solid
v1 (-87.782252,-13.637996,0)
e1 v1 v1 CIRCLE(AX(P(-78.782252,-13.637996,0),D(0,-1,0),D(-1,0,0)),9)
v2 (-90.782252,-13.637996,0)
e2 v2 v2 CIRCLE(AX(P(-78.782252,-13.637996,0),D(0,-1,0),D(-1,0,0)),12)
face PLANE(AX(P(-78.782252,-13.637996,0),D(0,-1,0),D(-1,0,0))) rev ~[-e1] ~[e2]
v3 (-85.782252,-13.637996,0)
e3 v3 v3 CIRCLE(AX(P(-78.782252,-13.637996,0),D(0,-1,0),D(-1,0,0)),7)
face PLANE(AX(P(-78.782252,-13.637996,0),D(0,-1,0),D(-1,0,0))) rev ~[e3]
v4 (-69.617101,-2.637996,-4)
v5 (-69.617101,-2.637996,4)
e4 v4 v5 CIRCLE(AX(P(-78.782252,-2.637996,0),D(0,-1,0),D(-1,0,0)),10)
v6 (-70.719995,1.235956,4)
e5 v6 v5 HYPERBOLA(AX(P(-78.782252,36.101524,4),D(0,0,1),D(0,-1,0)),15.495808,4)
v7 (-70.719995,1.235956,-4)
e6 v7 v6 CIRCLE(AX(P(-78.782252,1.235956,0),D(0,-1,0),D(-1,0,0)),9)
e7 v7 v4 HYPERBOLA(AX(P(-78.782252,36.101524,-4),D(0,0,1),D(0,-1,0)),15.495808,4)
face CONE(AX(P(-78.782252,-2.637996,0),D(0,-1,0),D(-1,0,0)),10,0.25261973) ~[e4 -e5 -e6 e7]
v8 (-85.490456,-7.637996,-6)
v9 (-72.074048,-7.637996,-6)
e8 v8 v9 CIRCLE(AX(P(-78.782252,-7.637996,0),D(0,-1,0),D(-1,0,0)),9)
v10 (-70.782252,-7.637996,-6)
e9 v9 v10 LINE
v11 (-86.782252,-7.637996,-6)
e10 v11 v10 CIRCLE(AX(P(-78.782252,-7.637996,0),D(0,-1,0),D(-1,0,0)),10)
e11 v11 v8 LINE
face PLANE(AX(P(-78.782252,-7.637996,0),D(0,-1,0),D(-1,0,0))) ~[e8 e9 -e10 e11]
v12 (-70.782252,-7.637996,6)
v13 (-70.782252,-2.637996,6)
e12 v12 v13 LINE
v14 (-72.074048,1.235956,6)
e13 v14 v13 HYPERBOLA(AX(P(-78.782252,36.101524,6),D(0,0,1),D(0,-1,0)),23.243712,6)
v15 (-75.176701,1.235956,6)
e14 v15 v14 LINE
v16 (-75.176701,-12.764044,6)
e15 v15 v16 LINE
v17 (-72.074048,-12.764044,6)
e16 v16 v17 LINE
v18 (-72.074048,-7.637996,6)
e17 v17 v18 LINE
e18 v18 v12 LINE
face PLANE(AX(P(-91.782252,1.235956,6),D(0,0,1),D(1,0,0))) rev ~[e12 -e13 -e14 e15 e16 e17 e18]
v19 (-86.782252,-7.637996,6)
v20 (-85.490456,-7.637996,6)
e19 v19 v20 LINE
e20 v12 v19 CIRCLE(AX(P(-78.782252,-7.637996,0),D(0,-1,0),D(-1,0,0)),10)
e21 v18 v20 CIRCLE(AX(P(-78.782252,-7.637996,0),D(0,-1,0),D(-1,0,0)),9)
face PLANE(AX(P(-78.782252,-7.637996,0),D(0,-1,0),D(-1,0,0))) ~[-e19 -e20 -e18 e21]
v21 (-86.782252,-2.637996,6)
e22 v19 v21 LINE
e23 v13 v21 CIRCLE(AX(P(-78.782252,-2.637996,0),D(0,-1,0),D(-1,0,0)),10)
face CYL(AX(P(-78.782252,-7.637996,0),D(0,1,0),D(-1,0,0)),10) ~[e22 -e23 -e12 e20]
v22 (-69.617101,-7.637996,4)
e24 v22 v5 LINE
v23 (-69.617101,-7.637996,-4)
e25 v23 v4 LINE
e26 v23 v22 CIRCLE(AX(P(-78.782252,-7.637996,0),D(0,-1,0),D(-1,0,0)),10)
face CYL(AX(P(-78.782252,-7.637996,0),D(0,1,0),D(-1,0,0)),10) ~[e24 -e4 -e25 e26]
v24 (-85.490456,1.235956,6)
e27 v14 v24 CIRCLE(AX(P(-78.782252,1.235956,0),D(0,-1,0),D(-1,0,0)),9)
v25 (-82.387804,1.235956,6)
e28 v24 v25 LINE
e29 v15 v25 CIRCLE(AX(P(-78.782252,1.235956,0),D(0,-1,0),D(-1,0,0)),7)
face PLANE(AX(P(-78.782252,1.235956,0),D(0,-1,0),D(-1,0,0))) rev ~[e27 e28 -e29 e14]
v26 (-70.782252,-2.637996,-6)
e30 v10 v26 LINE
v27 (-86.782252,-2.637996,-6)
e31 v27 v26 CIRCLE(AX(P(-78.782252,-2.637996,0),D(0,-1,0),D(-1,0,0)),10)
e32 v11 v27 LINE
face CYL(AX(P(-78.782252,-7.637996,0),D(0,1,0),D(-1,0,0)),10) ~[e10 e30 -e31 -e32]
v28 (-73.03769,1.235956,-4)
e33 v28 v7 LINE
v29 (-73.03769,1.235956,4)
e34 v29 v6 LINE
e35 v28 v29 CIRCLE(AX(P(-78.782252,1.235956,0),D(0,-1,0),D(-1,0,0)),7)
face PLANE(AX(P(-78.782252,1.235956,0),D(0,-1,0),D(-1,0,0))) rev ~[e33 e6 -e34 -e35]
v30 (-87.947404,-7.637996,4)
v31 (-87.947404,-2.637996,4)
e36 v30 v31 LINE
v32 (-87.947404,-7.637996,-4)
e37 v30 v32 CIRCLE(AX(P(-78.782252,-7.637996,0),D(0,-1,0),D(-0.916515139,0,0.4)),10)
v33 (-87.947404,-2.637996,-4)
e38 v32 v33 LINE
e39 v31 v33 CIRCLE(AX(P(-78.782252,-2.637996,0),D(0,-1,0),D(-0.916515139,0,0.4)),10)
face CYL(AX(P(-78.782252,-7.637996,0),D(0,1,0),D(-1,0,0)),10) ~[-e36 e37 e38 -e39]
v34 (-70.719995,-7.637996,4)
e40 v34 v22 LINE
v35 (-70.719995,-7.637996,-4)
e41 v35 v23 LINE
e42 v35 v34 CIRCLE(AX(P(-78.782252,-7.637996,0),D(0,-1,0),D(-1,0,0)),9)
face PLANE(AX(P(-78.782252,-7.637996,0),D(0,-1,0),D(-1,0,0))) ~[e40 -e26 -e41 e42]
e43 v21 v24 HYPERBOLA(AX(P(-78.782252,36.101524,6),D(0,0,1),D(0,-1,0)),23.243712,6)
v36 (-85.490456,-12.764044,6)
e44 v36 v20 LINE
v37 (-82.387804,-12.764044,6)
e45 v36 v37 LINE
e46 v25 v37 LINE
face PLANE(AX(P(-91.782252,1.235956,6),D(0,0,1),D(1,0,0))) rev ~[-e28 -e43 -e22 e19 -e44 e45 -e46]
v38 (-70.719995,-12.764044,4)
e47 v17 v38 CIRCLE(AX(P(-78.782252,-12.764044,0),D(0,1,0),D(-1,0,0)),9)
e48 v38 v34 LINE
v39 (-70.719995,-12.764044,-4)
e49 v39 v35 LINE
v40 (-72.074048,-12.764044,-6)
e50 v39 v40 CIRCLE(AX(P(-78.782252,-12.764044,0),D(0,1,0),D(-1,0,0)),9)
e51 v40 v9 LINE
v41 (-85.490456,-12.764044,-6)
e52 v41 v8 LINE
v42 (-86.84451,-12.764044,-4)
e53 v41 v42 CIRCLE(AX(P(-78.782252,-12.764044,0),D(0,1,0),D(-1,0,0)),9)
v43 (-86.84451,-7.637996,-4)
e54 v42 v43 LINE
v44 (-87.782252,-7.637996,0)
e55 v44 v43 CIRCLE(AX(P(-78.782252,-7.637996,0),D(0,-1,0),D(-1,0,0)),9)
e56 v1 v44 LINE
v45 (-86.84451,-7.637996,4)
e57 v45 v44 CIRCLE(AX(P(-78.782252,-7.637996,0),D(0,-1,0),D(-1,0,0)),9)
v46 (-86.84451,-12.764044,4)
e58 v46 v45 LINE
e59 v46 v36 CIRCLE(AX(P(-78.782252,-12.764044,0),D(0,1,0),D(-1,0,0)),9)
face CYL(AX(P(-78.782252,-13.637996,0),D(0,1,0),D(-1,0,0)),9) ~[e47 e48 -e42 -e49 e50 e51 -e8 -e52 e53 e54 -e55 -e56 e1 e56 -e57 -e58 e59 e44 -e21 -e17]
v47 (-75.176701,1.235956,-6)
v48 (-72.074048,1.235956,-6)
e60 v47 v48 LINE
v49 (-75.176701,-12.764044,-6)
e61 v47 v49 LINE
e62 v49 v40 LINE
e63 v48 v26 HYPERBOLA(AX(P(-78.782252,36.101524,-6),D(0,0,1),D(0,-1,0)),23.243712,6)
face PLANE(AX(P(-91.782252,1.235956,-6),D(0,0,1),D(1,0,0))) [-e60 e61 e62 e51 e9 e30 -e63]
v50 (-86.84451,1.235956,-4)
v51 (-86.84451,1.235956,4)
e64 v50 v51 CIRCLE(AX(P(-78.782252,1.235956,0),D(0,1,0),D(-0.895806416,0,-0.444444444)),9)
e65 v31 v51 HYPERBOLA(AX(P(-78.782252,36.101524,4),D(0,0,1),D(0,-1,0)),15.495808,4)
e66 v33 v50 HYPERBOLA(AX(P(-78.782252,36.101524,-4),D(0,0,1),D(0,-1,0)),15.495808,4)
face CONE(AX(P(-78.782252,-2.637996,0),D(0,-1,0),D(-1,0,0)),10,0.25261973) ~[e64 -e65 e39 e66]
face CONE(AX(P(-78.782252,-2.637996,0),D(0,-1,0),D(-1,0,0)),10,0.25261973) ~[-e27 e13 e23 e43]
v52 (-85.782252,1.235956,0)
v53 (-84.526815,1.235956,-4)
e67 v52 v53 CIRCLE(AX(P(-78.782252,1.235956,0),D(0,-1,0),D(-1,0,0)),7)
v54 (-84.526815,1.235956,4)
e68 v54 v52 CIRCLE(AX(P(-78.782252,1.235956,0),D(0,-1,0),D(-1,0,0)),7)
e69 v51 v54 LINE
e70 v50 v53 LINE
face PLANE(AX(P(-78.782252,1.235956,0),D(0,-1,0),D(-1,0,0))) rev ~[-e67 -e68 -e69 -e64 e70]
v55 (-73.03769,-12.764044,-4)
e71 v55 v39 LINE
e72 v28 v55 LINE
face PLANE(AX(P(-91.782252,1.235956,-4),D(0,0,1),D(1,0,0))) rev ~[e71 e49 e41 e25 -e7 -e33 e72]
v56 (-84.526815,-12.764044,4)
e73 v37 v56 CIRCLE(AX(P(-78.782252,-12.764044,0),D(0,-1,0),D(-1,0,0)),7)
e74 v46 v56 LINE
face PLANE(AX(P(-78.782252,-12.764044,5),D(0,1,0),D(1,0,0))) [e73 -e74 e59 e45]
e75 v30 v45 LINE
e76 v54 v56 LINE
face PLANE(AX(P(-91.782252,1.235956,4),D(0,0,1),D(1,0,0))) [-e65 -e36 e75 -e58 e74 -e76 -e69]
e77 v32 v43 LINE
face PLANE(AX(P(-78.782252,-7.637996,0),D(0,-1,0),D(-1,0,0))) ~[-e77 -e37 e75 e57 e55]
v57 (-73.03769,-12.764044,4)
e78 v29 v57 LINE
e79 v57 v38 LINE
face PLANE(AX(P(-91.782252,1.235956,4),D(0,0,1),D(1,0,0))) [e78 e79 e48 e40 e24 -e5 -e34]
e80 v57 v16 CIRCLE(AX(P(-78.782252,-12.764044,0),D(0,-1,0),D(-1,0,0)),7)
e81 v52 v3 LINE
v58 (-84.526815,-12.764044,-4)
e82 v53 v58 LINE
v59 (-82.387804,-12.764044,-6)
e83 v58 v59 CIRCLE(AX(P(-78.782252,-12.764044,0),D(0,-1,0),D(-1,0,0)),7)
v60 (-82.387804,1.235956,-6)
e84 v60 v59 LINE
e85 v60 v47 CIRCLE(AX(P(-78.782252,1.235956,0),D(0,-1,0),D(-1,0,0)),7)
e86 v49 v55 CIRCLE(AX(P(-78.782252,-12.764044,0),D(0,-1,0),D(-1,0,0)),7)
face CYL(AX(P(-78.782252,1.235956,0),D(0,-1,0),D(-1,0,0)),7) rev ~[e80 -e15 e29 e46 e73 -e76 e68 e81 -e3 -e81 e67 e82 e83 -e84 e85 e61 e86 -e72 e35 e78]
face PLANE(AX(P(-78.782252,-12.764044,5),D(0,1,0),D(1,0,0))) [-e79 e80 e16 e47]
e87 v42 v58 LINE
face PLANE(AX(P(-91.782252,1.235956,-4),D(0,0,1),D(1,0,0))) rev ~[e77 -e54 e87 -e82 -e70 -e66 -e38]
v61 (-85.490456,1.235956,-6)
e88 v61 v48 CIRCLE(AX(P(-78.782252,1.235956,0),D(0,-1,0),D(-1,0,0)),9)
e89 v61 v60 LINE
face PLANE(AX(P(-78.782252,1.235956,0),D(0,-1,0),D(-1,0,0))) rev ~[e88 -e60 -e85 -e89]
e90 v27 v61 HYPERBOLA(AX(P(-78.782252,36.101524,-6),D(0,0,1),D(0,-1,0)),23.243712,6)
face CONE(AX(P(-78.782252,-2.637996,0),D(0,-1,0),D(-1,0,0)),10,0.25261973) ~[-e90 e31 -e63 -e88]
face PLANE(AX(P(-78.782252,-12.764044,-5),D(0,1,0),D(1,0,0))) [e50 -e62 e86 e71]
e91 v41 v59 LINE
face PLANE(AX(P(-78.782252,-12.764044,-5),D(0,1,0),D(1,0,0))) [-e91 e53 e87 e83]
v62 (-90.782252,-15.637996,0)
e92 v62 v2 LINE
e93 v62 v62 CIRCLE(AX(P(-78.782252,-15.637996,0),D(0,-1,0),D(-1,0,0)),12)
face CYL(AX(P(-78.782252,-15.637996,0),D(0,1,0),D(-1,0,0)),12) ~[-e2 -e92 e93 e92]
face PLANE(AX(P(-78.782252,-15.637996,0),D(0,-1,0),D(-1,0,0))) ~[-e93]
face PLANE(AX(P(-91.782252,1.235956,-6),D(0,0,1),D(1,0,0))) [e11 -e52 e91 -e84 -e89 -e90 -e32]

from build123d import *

# Parameters (mm, degrees)
CROQUIS2_W            = 26
CROQUIS2_H            = 2
CORTAR_EXTRUIR1_DEPTH = 14


with BuildPart() as part:
    # Croquis1 → Revolución1 (revolve)
    with BuildSketch(Plane.XY):
        Polygon((-78.782252338, -15.637996222), (-90.782252338, -15.637996222), (-90.782252338, -13.637996222), (-87.782252338, -13.637996222), (-87.782252338, -7.637996222), (-88.782252338, -7.637996222), (-88.782252338, -2.637996222), (-87.782252338, 1.235955759), (-85.782252338, 1.235955759), (-85.782252338, -13.637996222), (-78.782252338, -13.637996222), align=None)
    revolve(axis=Axis((-78.782252338, -13.637996222, 0), (0, -1, 0)))

    # Croquis2 → Cortar-Extruir1 (cut)
    with BuildSketch(Plane(origin=(0, 1.235955759, 0), x_dir=(1, 0, 0), z_dir=(0, 1, 0))):
        with Locations((-78.782252338, -5)):
            Rectangle(CROQUIS2_W, CROQUIS2_H)
        with Locations((-78.782252338, 5)):
            Rectangle(CROQUIS2_W, CROQUIS2_H)
    extrude(amount=-CORTAR_EXTRUIR1_DEPTH, mode=Mode.SUBTRACT)


solid = part.part
